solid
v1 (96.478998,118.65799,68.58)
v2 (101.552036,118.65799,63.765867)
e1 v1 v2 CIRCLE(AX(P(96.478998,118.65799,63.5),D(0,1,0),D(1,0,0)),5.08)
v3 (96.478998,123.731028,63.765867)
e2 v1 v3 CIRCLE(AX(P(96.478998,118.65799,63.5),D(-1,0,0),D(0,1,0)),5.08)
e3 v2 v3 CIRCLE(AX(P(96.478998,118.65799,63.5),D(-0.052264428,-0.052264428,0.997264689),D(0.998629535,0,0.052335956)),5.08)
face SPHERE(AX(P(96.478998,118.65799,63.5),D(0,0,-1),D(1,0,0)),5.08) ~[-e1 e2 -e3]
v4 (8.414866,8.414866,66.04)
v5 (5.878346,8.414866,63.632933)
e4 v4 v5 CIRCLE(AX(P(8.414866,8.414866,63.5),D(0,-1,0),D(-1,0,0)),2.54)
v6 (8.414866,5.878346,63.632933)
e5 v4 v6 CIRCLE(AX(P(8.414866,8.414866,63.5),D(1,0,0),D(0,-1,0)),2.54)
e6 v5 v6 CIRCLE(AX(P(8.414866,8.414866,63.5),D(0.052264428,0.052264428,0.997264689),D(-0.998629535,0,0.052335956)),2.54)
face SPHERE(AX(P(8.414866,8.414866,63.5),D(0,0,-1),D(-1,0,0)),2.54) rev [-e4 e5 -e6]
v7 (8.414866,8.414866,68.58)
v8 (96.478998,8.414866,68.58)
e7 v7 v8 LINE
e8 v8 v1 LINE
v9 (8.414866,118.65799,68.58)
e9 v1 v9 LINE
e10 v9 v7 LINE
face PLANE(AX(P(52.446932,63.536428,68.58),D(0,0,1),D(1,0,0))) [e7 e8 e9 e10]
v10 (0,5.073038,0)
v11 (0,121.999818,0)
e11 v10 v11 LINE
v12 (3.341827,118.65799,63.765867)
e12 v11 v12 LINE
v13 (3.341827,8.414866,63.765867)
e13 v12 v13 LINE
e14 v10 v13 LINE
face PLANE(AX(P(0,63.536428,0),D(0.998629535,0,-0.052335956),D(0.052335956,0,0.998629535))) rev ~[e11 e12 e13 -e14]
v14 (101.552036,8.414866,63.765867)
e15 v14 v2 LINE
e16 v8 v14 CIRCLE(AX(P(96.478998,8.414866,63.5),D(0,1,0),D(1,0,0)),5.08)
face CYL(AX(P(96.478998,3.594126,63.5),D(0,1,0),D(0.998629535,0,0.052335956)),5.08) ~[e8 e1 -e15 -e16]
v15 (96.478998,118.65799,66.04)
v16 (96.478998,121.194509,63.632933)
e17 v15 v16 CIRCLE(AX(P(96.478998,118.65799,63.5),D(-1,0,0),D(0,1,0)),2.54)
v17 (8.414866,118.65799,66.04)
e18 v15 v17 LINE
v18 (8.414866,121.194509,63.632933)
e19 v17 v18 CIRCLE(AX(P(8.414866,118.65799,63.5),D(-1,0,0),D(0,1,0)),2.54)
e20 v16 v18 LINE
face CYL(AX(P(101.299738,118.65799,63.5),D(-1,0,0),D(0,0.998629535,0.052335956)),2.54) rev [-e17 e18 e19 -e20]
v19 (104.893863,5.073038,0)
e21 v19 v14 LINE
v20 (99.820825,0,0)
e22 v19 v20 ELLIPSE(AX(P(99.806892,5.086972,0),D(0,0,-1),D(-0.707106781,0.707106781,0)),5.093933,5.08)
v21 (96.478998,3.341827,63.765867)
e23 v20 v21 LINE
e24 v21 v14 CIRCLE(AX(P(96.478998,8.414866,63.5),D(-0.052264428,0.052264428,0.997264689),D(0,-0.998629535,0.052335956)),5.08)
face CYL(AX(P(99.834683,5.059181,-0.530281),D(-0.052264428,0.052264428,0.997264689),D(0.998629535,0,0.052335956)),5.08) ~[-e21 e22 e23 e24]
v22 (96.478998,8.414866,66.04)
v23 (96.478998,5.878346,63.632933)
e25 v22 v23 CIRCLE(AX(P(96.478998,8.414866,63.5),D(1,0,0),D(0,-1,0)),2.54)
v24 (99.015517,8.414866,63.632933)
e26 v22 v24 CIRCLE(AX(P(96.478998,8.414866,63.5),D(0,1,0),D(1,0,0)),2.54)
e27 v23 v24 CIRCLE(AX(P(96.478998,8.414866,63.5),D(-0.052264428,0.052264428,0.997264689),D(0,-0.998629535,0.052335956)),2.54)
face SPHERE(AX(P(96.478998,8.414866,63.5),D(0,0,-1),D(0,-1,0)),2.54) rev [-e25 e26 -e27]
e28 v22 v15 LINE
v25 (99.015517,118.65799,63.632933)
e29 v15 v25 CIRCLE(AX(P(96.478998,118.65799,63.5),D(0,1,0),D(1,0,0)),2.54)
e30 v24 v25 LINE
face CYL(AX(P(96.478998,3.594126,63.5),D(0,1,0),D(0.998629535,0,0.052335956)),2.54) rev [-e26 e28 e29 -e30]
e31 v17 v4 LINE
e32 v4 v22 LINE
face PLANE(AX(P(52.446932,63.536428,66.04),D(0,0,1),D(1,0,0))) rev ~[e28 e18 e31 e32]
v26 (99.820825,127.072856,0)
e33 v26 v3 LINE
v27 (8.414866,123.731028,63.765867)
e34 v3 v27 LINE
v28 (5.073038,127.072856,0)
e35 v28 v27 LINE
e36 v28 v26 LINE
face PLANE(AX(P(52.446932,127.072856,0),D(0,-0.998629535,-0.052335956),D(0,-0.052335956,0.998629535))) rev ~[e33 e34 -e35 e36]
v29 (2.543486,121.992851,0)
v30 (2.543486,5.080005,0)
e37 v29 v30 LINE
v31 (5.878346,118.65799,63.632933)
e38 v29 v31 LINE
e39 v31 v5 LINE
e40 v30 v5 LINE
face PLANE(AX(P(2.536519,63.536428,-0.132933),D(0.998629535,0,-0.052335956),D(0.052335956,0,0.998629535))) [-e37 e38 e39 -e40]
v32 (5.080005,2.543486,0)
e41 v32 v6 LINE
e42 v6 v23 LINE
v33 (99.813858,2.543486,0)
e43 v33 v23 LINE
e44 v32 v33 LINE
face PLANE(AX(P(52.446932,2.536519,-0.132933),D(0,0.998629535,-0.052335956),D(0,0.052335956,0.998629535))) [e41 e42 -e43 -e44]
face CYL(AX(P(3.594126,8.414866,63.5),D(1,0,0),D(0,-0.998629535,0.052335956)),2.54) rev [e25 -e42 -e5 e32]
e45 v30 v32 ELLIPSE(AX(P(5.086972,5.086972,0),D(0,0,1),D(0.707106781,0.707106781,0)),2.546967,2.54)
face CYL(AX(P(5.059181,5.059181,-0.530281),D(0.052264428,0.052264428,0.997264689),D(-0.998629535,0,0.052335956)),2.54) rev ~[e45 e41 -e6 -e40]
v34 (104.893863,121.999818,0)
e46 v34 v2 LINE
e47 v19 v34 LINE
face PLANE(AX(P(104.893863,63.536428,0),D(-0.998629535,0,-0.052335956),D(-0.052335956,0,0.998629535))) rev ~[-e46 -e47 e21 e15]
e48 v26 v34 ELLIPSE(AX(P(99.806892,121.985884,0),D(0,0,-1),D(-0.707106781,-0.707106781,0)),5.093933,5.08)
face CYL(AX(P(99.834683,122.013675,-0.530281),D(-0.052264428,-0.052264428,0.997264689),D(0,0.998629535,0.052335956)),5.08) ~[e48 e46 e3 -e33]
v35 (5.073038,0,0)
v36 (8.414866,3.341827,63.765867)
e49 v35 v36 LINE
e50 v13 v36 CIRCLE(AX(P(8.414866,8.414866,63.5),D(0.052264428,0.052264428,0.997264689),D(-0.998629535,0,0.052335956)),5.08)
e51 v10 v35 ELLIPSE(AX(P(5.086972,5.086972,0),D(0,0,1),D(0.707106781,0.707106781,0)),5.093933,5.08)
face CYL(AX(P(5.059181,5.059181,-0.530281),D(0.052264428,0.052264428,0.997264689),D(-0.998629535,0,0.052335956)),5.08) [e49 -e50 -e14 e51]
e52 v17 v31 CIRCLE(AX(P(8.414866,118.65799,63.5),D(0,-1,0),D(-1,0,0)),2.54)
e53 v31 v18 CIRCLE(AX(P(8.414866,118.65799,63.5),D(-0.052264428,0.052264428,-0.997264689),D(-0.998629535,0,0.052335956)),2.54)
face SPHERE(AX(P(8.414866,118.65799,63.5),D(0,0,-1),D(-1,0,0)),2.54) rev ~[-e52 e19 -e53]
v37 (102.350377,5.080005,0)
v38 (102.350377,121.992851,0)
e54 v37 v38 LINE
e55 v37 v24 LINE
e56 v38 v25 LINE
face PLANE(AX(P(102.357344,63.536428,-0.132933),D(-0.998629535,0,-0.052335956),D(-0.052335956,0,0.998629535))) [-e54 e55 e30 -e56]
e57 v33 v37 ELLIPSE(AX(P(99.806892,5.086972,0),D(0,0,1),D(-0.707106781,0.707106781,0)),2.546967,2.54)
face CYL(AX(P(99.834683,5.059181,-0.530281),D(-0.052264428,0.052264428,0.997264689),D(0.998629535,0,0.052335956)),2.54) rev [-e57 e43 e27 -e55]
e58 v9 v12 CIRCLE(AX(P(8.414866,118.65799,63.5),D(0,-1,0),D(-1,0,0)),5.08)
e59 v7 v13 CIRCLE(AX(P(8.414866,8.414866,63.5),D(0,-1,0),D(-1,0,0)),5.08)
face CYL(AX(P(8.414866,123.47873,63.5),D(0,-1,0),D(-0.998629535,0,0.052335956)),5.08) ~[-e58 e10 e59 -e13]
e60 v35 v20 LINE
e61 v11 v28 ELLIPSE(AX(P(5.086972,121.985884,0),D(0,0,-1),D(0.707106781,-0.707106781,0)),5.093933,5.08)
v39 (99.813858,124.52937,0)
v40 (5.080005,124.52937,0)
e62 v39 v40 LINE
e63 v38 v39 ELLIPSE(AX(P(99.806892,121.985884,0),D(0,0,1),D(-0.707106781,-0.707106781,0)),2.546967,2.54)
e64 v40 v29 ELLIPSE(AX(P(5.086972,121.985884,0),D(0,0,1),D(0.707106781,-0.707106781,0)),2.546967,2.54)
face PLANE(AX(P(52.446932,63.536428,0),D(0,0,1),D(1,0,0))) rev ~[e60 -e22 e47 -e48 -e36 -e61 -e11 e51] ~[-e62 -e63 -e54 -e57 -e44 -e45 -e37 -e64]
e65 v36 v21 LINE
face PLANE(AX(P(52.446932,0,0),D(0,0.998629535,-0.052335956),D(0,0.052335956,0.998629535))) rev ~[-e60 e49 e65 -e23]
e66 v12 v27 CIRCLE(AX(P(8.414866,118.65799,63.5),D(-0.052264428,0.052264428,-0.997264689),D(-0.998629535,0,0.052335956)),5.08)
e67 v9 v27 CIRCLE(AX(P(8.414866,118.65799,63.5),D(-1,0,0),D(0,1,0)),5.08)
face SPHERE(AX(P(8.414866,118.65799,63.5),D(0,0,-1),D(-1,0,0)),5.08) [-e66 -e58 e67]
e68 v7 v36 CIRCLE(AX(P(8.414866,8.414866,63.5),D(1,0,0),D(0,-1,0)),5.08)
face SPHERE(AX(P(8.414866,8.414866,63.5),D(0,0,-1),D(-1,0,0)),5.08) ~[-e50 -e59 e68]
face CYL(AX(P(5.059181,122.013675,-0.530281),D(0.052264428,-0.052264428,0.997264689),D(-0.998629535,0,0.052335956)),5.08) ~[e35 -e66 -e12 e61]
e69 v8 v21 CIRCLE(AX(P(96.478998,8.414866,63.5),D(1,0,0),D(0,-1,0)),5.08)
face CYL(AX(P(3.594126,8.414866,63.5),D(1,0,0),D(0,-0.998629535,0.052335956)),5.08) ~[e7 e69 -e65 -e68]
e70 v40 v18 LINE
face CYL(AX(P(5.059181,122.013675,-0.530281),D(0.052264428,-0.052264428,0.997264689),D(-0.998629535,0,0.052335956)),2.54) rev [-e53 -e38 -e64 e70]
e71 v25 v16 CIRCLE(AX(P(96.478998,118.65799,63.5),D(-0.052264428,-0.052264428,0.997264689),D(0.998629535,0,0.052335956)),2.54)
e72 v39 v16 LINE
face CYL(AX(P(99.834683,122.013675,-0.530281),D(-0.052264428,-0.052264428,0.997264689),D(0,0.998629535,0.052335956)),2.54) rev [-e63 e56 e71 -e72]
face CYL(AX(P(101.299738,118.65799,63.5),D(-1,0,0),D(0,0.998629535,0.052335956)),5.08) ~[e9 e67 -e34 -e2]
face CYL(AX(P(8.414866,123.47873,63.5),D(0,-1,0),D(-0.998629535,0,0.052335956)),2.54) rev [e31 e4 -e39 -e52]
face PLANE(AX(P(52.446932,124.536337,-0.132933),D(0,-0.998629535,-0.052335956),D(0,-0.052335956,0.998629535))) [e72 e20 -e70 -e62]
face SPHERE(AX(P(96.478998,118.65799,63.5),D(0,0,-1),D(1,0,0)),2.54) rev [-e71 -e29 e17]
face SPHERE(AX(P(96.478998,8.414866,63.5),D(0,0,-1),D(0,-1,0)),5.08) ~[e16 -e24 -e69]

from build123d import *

# Parameters (mm, degrees)
F0_W     = 104.8938632011
F0_H     = 127.0728558302
F1_DEPTH = 68.58
F1_TAPER = 3
F2_R     = 5.08
F3_T     = -2.54


with BuildPart() as f1:
    # F0 (on Top) → F1 (new body)
    with BuildSketch(Plane.XY):
        with Locations((52.4469316006, 63.5364279151)):
            Rectangle(F0_W, F0_H)
    extrude(amount=F1_DEPTH, taper=F1_TAPER)

    # F2
    f2_edges = [f1.edges().sort_by_distance(p)[0] for p in [
        (103.0968, 1.797063, 34.29),
        (103.0968, 125.275793, 34.29),
        (1.797063, 125.275793, 34.29),
        (1.797063, 1.797063, 34.29),
        (3.594126, 63.536428, 68.58),
        (52.446932, 3.594126, 68.58),
        (101.299738, 63.536428, 68.58),
        (52.446932, 123.47873, 68.58),
    ]]
    fillet(f2_edges, radius=F2_R)

    # F3
    f3_openings = [f1.faces().sort_by_distance(p)[0] for p in [
        (52.446932, 63.536428, 0),
    ]]
    offset(amount=F3_T, openings=f3_openings)


solid = f1.part
